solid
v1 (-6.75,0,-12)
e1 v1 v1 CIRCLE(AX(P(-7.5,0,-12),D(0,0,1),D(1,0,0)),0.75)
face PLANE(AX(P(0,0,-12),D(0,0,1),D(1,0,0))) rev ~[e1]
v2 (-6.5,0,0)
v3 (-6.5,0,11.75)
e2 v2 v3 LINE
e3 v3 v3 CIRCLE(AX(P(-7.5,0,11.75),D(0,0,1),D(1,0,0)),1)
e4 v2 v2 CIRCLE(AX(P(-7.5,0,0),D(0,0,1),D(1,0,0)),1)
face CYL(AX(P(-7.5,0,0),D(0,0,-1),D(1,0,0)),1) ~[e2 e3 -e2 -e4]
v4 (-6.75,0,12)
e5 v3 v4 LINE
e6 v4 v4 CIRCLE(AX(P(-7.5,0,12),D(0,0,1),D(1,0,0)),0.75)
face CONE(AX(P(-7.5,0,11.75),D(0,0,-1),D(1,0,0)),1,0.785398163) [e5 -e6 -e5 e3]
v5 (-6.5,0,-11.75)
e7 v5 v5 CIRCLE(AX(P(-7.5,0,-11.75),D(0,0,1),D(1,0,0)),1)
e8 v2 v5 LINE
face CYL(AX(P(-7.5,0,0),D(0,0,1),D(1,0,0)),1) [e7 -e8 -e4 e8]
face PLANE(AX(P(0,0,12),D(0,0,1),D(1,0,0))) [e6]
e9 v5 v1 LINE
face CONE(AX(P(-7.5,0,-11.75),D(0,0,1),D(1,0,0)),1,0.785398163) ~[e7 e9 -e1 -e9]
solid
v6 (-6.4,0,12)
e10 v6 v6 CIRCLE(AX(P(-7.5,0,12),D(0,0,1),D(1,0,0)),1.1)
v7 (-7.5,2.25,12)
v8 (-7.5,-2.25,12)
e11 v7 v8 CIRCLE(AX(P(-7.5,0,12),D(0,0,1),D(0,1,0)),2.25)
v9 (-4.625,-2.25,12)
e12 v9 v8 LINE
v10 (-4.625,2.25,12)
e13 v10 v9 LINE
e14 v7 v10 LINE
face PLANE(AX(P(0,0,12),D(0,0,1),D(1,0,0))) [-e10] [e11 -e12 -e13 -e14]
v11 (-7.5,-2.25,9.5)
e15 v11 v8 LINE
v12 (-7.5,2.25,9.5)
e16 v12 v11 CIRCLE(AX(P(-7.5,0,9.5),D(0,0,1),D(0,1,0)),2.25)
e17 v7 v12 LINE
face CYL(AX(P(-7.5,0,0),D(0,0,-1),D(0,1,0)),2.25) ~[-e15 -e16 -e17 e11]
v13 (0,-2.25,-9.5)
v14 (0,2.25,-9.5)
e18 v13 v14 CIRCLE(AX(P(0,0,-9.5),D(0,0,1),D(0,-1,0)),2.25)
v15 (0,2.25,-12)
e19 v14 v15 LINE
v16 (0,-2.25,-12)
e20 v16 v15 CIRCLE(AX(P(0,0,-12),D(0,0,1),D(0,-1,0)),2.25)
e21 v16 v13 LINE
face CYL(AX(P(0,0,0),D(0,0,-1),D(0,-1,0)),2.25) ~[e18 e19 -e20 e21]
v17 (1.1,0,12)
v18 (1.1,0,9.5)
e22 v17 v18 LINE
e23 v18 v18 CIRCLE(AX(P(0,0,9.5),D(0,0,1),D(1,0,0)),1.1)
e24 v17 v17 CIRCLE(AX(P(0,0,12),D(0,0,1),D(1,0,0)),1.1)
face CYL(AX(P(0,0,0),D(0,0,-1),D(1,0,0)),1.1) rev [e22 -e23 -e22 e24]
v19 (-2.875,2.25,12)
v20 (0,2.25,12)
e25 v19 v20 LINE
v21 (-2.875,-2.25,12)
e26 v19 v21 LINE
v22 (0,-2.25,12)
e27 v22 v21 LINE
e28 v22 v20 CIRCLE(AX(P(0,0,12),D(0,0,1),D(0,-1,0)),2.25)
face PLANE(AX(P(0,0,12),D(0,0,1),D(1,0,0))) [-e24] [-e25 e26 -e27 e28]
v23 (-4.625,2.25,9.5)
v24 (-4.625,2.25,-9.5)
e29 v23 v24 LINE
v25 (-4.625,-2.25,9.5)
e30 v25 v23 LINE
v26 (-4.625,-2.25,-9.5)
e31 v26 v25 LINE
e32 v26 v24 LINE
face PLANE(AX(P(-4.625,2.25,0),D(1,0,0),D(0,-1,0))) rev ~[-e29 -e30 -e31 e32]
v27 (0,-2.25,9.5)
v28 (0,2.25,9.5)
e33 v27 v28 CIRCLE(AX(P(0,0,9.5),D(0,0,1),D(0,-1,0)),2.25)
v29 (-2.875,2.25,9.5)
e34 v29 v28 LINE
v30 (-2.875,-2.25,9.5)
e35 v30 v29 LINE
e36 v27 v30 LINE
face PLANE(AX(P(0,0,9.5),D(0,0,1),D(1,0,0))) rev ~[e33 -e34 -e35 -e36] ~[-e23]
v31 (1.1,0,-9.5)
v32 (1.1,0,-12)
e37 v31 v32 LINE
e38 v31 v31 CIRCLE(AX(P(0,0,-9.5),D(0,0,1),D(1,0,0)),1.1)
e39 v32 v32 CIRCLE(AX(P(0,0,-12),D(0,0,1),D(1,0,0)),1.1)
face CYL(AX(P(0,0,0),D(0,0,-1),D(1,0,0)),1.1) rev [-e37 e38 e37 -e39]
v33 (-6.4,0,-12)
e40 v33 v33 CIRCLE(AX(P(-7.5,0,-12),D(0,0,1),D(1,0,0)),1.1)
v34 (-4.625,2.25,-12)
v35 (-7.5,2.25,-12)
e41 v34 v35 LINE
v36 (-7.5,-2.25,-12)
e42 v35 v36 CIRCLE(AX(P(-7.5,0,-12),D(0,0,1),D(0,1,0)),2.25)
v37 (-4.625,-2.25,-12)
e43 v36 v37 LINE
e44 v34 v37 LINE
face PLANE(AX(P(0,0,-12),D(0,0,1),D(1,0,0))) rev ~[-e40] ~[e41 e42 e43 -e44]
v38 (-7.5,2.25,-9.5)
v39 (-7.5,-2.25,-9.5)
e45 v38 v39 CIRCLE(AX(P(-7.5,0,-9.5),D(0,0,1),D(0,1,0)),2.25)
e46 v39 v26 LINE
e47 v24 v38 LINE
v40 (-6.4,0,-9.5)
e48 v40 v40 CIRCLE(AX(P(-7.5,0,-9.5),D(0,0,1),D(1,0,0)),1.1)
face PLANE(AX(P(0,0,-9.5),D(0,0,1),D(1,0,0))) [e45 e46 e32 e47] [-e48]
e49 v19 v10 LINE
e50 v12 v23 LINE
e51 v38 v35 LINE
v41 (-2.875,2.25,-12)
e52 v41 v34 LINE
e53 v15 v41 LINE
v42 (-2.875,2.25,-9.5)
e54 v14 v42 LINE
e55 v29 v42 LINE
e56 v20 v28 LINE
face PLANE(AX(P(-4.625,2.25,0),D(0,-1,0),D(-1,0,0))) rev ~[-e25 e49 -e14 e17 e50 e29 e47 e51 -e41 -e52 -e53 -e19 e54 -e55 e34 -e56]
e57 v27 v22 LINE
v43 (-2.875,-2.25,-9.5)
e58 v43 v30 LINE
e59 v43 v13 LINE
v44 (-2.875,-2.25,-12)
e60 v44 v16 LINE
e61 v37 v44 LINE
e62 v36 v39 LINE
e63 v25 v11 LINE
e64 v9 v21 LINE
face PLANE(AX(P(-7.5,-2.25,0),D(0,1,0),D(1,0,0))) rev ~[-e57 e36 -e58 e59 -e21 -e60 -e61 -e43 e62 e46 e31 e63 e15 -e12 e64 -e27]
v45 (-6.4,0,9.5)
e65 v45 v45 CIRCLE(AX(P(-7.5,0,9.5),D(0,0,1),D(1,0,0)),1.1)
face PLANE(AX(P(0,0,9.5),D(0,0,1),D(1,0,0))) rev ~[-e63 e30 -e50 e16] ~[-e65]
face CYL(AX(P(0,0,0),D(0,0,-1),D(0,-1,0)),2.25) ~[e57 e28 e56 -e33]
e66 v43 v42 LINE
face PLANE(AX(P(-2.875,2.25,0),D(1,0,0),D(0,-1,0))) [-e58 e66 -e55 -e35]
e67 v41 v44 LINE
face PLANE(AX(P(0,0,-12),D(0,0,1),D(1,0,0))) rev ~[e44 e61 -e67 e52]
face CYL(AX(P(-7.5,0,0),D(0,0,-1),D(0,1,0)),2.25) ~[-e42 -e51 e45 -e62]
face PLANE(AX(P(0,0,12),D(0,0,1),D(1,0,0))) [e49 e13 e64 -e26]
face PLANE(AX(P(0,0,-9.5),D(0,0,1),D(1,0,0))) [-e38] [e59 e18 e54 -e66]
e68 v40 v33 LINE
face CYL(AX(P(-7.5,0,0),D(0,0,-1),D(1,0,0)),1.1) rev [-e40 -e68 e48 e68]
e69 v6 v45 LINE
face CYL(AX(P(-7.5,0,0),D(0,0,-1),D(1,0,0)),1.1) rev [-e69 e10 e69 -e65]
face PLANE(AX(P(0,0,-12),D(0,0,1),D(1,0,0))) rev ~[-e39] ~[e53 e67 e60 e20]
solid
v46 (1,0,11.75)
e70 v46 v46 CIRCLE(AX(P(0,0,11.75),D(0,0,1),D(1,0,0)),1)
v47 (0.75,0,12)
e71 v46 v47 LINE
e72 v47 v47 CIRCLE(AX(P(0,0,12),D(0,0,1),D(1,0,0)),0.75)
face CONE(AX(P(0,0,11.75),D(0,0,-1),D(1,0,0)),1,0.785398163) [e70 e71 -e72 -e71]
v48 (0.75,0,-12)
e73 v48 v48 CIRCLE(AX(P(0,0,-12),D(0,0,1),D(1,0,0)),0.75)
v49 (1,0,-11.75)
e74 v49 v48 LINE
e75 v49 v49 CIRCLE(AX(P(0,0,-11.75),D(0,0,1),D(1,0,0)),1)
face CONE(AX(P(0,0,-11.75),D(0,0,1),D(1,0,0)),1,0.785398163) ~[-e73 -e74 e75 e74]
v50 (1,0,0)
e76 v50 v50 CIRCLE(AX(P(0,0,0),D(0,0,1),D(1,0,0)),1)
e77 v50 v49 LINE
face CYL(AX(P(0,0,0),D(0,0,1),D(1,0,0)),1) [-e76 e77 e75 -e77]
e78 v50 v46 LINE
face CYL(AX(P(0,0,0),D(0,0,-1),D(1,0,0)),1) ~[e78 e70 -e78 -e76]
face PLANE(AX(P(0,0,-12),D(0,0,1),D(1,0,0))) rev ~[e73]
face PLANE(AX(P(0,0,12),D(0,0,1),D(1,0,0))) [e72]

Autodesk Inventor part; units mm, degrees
ref_plane "YZ Plane" through (0, 0, 0) normal (1, 0, 0) x (0, 1, 0)
ref_plane "XZ Plane" through (0, 0, 0) normal (0, 1, 0) x (-1, 0, 0)
ref_plane "XY Plane" through (0, 0, 0) normal (0, 0, 1) x (1, 0, 0)
sketch "Skizze1" plane through (0, 0, 0) normal (0, 0, 1) x (1, 0, 0)
  line L0 (-12.15, 0) -> (4.65, 0) construction
  line L1 (0, -3.15) -> (0, 3.15) construction
  circle A0 centre (0, 0) radius 1.1
  circle A1 centre (-7.5, 0) radius 1.1
  line L2 (-7.5, 0) -> (0, 0) construction
  line L3 (-7.5, -2.25) -> (0, -2.25)
  line L4 (0, 2.25) -> (-7.5, 2.25)
  arc A2 (-7.5, 2.25) -> (-7.5, -2.25) centre (-7.5, 0) ccw
  arc A3 (0, -2.25) -> (0, 2.25) centre (0, 0) ccw
  line L5 (-4.625, 2.25) -> (-4.625, -2.25)
  line L6 (-2.875, 2.25) -> (-2.875, -2.25)
  line L7 (-3.75, 2.25) -> (-3.75, -2.25) construction
  circle A4 centre (-7.5, 0) radius 1
  circle A5 centre (0, 0) radius 1
  point P0 (-3.75, 0)
  dimension "d34" = 2.2
  dimension "d35" = 7.5
  dimension "d43" = 1.75
  dimension "d46" = 2
  dimension "d50" = 4.5
extrude "Extrusion9" add sketch "Skizze1" along normal mid plane 24 contours A2 L4 L5 L3 | L5 L4 L6 L3 | L6 L4 A3 L3
extrude "Extrusion10" cut sketch "Skizze1" along normal mid plane 19 contours A2 L4 L5 L3 | L5 L4 L6 L3 | L6 L4 A3 L3
extrude "Extrusion11" add sketch "Skizze1" along normal through all both and the other way through all contours L5 L4 L6 L3
extrude "Extrusion12" add sketch "Skizze1" along normal mid plane 24 separate body contours A4 | A5
chamfer "Fase1" distance 0.25 angle 45 4 edges at (-1, 0, 12) (-8.5, 0, 12) (-1, 0, -12) (-8.5, 0, -12)
properties part number "Lever"
